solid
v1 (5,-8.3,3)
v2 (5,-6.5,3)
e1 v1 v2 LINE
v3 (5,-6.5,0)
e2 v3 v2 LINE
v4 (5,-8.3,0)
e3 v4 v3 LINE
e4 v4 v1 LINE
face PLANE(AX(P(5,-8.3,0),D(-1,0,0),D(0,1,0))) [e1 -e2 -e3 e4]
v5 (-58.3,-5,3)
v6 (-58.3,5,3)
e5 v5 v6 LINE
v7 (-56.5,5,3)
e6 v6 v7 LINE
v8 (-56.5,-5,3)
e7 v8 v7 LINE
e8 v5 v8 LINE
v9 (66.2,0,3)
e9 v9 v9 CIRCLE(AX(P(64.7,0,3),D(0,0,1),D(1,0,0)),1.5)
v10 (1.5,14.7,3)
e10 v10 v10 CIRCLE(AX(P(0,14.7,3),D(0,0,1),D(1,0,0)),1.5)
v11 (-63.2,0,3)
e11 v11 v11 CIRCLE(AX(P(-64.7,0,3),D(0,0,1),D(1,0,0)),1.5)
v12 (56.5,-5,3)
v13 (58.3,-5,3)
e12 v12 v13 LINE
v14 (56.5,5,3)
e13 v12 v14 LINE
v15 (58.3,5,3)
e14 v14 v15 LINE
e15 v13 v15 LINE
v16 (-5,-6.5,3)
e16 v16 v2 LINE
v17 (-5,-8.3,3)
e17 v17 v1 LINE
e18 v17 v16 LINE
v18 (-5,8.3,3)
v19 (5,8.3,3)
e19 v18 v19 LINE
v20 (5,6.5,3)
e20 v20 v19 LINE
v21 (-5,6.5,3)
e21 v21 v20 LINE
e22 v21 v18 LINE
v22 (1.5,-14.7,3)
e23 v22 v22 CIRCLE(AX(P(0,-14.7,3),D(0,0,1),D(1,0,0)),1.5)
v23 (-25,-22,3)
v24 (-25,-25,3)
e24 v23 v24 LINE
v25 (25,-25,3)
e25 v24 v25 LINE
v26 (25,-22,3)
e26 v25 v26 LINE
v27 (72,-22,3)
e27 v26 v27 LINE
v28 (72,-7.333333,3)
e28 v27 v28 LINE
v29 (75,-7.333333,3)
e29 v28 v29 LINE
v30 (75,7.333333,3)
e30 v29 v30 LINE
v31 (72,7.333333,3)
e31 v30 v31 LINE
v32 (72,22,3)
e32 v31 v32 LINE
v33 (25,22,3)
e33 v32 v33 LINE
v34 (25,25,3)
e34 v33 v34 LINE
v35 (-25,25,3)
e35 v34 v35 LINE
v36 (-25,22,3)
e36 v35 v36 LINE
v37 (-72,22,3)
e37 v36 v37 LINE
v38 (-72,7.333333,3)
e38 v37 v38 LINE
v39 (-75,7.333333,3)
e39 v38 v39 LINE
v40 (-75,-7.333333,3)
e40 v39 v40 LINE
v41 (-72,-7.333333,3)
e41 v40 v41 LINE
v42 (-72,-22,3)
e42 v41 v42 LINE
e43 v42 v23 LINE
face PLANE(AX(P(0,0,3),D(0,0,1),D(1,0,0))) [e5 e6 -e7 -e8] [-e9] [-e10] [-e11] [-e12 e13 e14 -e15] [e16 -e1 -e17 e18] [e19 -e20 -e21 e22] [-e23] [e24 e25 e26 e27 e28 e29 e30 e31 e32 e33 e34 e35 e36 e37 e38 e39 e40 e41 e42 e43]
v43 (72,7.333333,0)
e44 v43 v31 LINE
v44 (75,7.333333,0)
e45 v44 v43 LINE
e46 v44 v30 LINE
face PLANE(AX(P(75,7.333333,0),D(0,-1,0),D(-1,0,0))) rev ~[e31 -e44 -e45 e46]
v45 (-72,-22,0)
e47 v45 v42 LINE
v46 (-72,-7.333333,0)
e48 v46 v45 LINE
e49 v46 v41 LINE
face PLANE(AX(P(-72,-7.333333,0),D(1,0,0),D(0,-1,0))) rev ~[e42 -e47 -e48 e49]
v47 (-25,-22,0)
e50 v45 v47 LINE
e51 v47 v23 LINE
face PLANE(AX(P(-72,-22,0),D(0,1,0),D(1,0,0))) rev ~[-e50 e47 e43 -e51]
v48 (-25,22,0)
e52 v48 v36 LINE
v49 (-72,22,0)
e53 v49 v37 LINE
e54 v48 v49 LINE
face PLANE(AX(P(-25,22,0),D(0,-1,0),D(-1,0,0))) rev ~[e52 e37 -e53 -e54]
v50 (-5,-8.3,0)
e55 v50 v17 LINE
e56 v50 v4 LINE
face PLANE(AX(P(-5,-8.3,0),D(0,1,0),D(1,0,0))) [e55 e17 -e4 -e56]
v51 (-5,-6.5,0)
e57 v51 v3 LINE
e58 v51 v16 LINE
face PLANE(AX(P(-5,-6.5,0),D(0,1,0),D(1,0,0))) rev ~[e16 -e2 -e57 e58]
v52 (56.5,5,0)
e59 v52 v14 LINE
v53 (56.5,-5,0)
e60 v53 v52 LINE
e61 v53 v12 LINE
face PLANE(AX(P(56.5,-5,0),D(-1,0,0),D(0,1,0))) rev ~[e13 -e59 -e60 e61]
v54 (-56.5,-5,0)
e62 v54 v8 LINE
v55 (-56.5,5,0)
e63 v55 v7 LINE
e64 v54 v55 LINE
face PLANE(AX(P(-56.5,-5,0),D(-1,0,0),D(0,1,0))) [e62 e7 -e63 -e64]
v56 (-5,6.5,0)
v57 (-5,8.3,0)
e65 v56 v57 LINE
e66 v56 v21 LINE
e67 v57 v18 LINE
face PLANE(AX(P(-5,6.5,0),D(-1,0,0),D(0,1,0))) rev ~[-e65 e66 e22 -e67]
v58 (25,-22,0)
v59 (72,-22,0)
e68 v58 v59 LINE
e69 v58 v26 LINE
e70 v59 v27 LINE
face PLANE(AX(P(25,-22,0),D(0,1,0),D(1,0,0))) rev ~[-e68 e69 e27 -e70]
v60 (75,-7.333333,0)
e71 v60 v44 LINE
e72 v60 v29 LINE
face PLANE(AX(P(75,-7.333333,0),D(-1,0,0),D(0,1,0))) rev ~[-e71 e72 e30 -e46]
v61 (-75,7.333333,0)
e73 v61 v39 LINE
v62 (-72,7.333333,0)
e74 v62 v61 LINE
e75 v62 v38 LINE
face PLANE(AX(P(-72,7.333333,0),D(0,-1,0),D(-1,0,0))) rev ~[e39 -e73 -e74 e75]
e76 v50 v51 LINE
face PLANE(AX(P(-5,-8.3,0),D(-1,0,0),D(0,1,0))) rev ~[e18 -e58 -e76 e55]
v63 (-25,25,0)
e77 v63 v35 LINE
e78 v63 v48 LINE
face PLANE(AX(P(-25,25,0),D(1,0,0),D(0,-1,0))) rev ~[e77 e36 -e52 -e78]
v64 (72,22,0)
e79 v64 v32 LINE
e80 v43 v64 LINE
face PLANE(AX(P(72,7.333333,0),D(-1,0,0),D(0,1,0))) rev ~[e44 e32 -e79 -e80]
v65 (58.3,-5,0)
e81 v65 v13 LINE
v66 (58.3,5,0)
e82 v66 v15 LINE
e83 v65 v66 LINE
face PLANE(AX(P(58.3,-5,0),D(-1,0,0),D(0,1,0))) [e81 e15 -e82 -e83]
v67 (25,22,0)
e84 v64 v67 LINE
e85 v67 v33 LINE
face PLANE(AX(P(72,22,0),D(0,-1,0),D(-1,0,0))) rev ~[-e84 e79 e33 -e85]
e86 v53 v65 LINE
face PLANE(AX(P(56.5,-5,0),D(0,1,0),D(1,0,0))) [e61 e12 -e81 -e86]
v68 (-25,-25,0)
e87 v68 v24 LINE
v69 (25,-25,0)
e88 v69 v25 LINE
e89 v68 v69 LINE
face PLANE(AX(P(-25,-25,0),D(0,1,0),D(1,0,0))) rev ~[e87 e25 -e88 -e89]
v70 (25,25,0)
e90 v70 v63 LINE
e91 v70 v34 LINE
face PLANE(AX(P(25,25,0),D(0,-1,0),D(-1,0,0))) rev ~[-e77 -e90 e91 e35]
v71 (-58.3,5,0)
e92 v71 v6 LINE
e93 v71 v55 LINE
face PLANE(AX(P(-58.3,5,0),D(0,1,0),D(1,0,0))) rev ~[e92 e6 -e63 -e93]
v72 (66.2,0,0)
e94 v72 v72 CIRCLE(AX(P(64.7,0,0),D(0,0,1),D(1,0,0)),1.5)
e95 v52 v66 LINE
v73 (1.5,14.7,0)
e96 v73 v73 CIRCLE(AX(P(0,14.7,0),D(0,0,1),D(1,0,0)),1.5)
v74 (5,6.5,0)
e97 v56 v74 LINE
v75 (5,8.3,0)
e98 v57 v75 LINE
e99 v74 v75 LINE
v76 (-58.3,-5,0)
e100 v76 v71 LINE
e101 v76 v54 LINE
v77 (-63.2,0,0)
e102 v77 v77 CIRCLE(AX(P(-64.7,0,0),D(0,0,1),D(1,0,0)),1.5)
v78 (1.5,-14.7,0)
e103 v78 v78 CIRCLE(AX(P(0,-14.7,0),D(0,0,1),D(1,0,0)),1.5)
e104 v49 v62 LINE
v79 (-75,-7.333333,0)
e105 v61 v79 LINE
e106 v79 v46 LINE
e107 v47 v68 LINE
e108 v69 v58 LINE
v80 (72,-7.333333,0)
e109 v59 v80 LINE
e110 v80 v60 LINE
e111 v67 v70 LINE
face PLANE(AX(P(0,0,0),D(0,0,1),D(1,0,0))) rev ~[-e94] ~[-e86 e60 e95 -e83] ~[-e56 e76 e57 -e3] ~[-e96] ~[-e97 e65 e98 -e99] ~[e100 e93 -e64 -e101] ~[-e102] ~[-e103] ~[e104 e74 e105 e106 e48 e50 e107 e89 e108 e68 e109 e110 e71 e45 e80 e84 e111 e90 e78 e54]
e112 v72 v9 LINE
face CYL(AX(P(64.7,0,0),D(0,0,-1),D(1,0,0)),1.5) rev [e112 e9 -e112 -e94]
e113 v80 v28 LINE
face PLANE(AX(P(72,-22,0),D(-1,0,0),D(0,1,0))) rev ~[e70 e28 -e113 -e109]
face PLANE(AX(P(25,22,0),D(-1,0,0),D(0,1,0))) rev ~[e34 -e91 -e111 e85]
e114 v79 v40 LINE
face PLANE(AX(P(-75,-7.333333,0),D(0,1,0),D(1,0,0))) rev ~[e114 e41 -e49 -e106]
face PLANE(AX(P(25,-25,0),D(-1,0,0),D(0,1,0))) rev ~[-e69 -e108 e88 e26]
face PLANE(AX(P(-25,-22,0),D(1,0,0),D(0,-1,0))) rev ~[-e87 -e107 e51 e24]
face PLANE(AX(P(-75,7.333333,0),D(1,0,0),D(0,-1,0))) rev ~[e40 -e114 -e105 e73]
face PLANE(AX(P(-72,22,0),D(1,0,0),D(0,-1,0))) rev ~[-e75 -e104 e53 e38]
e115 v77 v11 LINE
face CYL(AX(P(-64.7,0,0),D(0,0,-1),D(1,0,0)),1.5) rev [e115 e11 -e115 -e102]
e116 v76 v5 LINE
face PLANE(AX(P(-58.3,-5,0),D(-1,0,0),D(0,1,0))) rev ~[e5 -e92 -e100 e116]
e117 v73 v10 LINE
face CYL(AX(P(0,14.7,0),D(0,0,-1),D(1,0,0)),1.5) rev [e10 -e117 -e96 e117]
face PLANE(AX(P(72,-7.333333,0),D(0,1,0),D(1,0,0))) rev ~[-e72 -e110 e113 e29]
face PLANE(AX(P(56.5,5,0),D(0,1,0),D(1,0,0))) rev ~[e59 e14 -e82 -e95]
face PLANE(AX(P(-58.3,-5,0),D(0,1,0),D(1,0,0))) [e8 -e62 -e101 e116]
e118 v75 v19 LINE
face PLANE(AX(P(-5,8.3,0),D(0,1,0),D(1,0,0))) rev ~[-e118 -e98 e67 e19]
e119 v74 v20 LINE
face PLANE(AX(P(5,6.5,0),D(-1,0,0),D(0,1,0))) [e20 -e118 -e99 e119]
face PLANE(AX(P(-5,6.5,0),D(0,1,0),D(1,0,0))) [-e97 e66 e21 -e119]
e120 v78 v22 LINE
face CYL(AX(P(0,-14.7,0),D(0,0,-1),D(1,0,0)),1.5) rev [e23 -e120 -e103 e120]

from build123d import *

# Parameters (mm, degrees)
F0_R     = 1.5
F0_W     = 10
F0_H     = 1.8
F0_W_2   = 1.8
F0_H_2   = 10
F1_DEPTH = 3


with BuildPart() as f1:
    # F0 (on Top) → F1 (new body)
    with BuildSketch(Plane.XY):
        Polygon((-25, 22), (-72, 22), (-72, 7.333333), (-75, 7.333333), (-75, -7.333333), (-72, -7.333333), (-72, -22), (-25, -22), (-25, -25), (25, -25), (25, -22), (72, -22), (72, -7.333333), (75, -7.333333), (75, 7.333333), (72, 7.333333), (72, 22), (25, 22), (25, 25), (-25, 25), align=None)
        with Locations((0, -14.7)):
            Circle(F0_R, mode=Mode.SUBTRACT)
        with Locations((0, -7.4)):
            Rectangle(F0_W, F0_H, mode=Mode.SUBTRACT)
        with Locations((-64.7, 0)):
            Circle(F0_R, mode=Mode.SUBTRACT)
        with Locations((-57.4, 0)):
            Rectangle(F0_W_2, F0_H_2, mode=Mode.SUBTRACT)
        with Locations((0, 7.4)):
            Rectangle(F0_W, F0_H, mode=Mode.SUBTRACT)
        with Locations((57.4, 0)):
            Rectangle(F0_W_2, F0_H_2, mode=Mode.SUBTRACT)
        with Locations((64.7, 0)):
            Circle(F0_R, mode=Mode.SUBTRACT)
        with Locations((0, 14.7)):
            Circle(F0_R, mode=Mode.SUBTRACT)
    extrude(amount=F1_DEPTH)


solid = f1.part
